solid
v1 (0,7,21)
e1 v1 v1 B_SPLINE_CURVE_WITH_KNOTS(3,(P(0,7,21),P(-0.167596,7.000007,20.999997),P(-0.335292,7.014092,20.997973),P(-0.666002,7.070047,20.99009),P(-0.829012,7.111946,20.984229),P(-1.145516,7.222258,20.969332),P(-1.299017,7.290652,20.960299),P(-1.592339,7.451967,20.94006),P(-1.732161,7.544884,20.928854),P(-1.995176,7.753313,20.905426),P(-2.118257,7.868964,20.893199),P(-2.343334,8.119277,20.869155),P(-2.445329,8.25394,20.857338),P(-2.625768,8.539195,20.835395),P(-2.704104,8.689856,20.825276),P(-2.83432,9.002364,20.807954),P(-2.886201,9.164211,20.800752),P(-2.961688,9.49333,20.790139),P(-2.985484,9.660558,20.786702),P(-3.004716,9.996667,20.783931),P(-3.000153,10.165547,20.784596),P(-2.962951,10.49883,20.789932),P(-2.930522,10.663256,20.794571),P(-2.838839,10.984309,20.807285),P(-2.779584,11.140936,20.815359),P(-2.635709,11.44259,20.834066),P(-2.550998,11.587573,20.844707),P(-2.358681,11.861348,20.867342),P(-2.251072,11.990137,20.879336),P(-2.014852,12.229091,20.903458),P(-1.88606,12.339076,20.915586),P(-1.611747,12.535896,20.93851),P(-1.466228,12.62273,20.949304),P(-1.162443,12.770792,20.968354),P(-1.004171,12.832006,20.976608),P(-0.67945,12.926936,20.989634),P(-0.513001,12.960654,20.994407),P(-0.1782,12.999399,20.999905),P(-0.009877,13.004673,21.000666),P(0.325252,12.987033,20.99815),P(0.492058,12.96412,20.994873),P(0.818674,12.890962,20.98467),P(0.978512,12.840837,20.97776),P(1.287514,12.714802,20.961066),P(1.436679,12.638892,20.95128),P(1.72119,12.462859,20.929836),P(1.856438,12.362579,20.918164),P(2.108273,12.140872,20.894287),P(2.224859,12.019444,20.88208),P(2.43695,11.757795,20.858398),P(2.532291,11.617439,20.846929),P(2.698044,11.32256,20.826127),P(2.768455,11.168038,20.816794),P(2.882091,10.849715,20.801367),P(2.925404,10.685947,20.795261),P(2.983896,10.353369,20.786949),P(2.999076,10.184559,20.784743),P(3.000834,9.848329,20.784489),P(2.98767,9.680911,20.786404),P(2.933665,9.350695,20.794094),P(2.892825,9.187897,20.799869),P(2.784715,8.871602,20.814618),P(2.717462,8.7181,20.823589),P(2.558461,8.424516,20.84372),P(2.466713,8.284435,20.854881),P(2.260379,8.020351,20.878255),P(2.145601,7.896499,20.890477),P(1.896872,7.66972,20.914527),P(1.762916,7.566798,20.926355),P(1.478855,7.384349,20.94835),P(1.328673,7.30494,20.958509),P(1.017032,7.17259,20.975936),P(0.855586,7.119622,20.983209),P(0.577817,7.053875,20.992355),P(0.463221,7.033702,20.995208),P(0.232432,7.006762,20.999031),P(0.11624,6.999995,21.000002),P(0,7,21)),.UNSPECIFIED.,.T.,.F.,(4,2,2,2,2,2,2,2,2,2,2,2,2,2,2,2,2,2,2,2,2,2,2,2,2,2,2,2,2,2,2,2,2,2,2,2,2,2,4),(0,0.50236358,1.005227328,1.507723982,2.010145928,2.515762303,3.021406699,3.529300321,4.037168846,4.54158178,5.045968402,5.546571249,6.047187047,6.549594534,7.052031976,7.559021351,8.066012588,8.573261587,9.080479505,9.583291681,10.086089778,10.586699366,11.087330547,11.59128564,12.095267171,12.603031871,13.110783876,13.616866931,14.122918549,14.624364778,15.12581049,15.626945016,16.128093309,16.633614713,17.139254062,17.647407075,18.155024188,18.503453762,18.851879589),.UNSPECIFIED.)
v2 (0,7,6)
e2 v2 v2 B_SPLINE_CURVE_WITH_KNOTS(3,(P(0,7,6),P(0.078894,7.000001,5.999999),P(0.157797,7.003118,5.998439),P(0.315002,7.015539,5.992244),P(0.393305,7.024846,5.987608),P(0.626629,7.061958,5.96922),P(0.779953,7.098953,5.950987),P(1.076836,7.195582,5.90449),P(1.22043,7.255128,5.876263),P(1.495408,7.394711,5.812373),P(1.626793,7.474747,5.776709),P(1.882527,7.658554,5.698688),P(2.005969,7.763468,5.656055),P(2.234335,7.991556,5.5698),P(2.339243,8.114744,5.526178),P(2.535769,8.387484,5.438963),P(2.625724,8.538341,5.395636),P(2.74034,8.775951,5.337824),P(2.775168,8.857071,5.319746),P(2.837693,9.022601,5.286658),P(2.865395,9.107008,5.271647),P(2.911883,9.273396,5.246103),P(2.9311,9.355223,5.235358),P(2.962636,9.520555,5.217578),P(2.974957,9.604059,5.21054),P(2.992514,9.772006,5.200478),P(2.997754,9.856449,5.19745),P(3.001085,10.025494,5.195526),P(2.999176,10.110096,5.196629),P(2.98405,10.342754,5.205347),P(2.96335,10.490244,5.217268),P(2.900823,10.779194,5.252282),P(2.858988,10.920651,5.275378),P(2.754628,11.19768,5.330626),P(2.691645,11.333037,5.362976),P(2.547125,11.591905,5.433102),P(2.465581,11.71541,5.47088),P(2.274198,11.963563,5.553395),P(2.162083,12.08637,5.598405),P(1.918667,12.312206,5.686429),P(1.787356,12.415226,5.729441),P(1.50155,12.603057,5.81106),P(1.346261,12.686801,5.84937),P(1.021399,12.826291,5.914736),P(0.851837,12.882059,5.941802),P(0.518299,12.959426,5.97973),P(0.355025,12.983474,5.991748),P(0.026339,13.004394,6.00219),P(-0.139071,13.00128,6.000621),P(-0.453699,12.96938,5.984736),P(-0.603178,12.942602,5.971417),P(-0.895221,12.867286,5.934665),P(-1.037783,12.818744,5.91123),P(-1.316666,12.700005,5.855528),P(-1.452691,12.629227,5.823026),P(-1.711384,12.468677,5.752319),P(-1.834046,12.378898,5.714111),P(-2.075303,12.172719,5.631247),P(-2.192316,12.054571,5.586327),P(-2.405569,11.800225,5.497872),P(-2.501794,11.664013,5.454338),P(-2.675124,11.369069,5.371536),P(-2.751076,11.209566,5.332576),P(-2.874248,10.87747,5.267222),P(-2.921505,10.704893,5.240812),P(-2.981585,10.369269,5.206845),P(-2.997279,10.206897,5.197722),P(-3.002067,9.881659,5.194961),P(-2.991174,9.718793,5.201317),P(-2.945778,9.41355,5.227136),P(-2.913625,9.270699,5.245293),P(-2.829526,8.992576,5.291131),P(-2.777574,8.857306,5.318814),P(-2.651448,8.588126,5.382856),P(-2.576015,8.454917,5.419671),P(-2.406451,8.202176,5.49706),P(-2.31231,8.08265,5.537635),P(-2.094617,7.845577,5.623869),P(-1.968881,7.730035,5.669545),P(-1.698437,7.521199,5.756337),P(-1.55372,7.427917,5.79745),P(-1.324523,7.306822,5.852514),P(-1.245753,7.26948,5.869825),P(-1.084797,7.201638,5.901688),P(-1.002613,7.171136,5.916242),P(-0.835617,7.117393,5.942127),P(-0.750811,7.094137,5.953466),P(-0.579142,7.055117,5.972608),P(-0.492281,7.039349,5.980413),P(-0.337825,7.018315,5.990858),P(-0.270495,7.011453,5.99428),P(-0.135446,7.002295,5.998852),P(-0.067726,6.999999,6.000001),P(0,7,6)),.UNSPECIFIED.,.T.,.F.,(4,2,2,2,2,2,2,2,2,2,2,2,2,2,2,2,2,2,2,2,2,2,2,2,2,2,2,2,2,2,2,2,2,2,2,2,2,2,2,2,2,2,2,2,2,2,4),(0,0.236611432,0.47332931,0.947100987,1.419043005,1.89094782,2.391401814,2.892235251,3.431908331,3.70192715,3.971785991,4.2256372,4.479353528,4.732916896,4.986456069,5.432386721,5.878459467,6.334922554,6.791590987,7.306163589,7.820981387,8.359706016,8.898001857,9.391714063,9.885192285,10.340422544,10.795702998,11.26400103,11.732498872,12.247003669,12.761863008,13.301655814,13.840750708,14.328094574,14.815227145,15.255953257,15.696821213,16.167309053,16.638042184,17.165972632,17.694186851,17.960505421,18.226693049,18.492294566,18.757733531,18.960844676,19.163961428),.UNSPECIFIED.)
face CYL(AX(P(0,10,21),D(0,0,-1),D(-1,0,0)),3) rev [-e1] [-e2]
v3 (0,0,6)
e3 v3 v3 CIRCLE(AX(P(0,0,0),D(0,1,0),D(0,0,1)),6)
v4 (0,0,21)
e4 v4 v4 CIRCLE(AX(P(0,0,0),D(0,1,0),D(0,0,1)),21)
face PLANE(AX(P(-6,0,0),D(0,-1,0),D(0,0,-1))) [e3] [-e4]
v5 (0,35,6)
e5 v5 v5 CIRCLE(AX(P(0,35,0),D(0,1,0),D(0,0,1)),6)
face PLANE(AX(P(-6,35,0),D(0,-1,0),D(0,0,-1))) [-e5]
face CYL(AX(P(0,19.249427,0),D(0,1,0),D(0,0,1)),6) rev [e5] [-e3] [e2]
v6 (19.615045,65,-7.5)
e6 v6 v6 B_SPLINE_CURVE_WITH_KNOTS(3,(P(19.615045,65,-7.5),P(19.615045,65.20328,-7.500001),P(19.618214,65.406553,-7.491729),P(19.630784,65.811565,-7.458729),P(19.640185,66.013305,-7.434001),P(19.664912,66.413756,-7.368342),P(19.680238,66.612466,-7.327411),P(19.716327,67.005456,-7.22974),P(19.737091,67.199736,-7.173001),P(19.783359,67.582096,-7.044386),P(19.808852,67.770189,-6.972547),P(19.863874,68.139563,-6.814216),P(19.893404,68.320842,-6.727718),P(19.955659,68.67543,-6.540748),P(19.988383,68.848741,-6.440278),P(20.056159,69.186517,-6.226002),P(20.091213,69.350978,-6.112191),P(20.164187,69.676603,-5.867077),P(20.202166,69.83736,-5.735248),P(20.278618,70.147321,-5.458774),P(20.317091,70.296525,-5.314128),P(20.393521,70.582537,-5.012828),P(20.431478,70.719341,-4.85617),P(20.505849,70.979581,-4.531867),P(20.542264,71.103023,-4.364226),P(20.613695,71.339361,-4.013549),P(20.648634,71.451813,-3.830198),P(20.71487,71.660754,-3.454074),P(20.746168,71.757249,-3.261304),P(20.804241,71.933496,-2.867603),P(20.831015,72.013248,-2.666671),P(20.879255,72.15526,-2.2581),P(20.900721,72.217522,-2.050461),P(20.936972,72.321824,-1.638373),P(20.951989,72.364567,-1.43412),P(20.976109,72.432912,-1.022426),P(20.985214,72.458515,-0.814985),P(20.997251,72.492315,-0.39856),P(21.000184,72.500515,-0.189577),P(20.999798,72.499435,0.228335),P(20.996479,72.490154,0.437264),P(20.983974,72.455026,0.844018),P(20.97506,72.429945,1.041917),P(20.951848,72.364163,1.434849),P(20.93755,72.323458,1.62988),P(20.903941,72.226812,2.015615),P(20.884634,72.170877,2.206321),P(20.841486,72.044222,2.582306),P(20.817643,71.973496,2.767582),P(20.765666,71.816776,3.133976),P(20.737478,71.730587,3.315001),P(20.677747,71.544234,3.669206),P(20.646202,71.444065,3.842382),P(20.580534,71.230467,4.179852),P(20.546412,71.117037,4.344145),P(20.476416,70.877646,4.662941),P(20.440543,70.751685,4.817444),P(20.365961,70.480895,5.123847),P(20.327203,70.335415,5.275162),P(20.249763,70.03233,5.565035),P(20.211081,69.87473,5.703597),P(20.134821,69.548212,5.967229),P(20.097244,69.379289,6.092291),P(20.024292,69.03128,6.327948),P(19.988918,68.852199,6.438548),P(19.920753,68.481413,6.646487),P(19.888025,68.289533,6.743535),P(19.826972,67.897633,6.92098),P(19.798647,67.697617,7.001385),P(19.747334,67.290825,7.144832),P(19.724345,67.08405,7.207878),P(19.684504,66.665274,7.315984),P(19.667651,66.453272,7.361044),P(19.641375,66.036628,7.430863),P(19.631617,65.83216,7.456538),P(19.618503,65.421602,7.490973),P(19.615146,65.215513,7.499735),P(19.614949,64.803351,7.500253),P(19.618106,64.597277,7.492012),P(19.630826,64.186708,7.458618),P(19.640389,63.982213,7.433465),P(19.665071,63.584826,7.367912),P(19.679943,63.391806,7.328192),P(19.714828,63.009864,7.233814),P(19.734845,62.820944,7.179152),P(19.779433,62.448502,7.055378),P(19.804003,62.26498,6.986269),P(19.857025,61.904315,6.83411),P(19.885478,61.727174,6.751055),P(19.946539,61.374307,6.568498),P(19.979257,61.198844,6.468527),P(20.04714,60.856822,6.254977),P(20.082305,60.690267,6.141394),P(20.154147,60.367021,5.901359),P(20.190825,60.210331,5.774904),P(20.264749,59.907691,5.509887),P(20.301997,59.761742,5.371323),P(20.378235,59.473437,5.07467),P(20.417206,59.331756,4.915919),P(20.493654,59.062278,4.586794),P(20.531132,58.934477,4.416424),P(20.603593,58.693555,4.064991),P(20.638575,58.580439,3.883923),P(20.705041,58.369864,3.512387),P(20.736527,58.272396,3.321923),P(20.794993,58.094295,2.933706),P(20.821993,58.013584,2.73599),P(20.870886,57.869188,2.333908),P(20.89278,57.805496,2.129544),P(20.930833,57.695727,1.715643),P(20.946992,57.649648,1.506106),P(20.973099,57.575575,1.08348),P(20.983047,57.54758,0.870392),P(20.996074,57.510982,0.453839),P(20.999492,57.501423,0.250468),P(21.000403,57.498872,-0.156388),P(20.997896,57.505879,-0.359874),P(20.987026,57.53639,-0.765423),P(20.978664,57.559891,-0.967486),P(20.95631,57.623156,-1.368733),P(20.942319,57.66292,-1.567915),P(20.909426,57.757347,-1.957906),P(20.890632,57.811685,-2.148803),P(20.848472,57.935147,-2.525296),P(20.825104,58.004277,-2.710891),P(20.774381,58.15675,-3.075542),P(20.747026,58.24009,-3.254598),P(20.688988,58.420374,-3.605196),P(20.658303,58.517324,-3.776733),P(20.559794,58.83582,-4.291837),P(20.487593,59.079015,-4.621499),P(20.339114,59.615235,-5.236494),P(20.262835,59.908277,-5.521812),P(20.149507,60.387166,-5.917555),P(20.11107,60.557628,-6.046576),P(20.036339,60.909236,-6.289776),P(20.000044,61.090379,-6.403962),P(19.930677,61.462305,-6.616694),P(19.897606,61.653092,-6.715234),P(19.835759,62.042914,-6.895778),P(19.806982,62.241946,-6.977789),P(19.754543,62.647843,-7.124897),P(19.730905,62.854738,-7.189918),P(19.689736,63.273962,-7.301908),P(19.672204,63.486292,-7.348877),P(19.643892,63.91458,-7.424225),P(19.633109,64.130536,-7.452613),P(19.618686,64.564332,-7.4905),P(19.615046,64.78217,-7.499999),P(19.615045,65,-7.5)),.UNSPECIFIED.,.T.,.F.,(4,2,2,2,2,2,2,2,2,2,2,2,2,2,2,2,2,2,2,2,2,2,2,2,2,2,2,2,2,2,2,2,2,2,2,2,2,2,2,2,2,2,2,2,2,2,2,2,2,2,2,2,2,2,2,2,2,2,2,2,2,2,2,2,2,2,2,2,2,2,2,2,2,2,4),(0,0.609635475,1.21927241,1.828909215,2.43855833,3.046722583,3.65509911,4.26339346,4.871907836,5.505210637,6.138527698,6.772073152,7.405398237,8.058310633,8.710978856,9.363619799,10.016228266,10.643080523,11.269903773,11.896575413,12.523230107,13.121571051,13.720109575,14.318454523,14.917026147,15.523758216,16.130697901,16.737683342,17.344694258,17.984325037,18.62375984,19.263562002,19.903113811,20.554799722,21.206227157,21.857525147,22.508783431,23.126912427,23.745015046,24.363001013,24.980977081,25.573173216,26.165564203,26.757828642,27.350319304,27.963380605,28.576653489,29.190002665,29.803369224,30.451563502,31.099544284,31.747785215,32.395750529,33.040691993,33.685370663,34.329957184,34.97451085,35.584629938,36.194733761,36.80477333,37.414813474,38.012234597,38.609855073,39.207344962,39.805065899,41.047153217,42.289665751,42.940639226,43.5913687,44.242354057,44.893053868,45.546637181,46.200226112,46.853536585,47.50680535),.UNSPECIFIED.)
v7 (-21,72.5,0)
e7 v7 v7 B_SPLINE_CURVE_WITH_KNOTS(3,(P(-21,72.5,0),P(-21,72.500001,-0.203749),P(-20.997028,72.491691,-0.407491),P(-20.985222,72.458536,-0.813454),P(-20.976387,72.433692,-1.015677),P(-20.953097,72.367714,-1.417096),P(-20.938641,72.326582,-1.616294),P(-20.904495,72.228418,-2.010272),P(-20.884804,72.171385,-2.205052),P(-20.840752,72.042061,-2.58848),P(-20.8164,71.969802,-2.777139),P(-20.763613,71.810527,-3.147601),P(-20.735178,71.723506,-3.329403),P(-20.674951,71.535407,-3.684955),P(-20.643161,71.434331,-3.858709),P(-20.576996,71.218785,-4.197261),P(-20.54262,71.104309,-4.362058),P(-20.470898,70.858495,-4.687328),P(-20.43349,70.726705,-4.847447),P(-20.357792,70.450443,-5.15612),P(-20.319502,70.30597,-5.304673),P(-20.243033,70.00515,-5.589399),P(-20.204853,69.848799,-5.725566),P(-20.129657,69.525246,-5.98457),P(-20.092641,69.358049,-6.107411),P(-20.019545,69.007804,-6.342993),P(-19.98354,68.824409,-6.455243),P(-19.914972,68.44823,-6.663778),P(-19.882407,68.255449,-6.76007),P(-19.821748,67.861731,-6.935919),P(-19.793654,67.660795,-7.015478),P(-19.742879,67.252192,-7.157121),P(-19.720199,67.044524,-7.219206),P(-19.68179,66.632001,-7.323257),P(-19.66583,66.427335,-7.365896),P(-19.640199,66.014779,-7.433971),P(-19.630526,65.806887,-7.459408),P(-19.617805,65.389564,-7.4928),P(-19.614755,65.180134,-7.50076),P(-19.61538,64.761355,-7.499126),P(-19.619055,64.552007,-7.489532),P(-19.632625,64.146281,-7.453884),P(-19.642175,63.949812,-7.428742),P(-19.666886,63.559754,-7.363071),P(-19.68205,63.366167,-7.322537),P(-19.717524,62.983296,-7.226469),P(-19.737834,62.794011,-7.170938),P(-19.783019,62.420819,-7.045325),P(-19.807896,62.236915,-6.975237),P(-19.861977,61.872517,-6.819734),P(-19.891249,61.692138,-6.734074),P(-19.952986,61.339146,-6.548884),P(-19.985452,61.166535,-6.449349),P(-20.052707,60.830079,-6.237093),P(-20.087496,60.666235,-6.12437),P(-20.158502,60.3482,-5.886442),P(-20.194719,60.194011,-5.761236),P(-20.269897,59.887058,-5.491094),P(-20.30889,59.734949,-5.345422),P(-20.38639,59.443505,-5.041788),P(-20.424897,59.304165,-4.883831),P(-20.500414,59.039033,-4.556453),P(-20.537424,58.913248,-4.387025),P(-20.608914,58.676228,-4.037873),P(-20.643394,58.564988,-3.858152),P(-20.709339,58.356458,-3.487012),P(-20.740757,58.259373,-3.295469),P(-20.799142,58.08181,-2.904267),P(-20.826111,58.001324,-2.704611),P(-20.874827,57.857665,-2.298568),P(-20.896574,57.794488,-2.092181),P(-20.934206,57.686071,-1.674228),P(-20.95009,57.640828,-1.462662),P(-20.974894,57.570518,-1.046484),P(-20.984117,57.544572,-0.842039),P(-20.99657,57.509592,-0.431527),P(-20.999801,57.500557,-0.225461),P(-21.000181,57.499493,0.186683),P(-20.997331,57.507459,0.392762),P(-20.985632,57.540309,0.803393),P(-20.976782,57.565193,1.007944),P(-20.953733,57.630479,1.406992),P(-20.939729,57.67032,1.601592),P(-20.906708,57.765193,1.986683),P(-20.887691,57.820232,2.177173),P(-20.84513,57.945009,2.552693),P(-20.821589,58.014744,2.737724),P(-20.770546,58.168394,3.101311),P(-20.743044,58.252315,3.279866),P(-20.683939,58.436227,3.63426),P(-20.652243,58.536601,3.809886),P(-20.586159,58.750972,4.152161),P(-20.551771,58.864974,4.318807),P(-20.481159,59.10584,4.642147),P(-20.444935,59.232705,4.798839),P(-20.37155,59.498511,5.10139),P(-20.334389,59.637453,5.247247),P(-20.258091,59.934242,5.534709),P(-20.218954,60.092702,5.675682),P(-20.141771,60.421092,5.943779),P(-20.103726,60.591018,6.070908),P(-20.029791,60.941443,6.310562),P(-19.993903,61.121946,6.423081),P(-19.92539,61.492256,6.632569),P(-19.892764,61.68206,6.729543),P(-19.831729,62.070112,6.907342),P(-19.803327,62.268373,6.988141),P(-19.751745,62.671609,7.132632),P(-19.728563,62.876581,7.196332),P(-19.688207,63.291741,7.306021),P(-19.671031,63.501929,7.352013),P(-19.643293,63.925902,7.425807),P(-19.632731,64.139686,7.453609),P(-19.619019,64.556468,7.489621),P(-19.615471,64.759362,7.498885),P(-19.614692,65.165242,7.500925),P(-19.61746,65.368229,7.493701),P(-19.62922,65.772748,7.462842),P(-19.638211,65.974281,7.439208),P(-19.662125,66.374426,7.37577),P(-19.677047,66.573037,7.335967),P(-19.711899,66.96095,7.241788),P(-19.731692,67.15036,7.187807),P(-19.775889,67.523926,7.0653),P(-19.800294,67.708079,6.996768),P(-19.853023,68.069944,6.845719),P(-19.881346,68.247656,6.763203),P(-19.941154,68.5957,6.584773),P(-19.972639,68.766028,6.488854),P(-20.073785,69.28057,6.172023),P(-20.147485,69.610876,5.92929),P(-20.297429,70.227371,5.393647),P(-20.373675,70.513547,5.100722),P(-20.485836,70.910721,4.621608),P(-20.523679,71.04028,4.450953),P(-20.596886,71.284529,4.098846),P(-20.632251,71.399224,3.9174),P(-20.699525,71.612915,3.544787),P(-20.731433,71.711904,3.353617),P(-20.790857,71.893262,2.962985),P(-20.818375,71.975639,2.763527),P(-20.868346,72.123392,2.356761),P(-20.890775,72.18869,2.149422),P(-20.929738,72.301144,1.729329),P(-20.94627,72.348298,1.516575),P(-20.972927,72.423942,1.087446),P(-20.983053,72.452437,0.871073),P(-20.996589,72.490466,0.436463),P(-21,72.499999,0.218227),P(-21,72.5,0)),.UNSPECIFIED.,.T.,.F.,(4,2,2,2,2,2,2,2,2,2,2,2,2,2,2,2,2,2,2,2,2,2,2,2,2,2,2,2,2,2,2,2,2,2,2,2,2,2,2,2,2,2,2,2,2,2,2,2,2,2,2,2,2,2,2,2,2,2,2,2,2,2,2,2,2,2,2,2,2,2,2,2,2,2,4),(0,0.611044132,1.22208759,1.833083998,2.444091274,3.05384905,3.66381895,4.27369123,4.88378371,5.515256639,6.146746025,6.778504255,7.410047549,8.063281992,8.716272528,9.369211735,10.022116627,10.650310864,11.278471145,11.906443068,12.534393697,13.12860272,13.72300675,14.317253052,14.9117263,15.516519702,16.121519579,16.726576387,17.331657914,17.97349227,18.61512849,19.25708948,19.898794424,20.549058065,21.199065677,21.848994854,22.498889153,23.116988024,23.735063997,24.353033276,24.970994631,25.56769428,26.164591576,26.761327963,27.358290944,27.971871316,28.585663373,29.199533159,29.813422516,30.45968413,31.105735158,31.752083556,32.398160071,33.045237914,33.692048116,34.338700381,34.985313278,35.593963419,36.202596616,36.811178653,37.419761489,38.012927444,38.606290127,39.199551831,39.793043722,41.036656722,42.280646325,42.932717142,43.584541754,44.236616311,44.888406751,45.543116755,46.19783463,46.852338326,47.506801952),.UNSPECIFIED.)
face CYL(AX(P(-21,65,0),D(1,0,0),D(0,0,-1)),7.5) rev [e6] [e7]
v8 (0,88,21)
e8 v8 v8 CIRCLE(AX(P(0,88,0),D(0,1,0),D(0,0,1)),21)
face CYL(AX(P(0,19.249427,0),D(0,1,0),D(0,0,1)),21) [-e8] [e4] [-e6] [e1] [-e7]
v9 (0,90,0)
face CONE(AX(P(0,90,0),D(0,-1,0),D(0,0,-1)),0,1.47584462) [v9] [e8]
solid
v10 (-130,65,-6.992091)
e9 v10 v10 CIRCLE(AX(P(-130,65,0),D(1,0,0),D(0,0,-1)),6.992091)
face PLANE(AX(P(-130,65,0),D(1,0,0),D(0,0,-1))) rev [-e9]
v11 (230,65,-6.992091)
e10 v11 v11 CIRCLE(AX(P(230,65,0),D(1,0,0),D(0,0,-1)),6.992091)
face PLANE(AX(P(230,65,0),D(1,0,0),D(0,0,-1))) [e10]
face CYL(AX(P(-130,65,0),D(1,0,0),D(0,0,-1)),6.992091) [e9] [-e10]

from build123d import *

# Parameters (mm, degrees)
CUT_EXTRUDE2_DEPTH       = 95.773413994
CUT_EXTRUDE2_DEPTH_BACK  = 95.773413994
SKETCH3_R                = 7.5
BOSS_EXTRUDE1_DEPTH      = 230
BOSS_EXTRUDE1_DEPTH_BACK = 130
SKETCH5_R                = 6.992090562
SKETCH7_R                = 3
CUT_EXTRUDE3_DEPTH       = 248.872951336


with BuildPart() as part:
    # Sketch1 → Revolve1 (revolve)
    with BuildSketch(Plane.XY, mode=Mode.PRIVATE) as revolve1_sk:
        Polygon((-6, 0), (-21, 0), (-21, 88), (0, 90), (0, 35), (-6, 35), align=None)
    revolve(revolve1_sk.sketch.rotate(Axis((0, 19.249426994, 0), (0, -1, 0)), 270), axis=Axis((0, 19.249426994, 0), (0, -1, 0)))

    # Sketch3 → Cut-Extrude2 (cut, two sides: drawn at the far end of the back side and taken through both)
    with BuildSketch(Plane(origin=(0, 0, 0), x_dir=(0, 0, -1), z_dir=(1, 0, 0)).offset(-CUT_EXTRUDE2_DEPTH_BACK)):
        with Locations((0, 65)):
            Circle(SKETCH3_R)
    extrude(amount=CUT_EXTRUDE2_DEPTH + CUT_EXTRUDE2_DEPTH_BACK, mode=Mode.SUBTRACT)

    # Sketch7 → Cut-Extrude3 (cut, through all)
    with BuildSketch(Plane.XY):
        with Locations(Location((0, 10, 0), (0, 0, 270))):
            Circle(SKETCH7_R)
    extrude(amount=CUT_EXTRUDE3_DEPTH, mode=Mode.SUBTRACT)


with BuildPart() as body_2:
    # Sketch5 → Boss-Extrude1 (new, two sides: drawn at the far end of the back side and taken through both)
    with BuildSketch(Plane(origin=(0, 0, 0), x_dir=(0, 0, -1), z_dir=(1, 0, 0)).offset(-BOSS_EXTRUDE1_DEPTH_BACK)):
        with Locations((0, 65)):
            Circle(SKETCH5_R)
    extrude(amount=BOSS_EXTRUDE1_DEPTH + BOSS_EXTRUDE1_DEPTH_BACK)


solid = Compound([part.part, body_2.part])
